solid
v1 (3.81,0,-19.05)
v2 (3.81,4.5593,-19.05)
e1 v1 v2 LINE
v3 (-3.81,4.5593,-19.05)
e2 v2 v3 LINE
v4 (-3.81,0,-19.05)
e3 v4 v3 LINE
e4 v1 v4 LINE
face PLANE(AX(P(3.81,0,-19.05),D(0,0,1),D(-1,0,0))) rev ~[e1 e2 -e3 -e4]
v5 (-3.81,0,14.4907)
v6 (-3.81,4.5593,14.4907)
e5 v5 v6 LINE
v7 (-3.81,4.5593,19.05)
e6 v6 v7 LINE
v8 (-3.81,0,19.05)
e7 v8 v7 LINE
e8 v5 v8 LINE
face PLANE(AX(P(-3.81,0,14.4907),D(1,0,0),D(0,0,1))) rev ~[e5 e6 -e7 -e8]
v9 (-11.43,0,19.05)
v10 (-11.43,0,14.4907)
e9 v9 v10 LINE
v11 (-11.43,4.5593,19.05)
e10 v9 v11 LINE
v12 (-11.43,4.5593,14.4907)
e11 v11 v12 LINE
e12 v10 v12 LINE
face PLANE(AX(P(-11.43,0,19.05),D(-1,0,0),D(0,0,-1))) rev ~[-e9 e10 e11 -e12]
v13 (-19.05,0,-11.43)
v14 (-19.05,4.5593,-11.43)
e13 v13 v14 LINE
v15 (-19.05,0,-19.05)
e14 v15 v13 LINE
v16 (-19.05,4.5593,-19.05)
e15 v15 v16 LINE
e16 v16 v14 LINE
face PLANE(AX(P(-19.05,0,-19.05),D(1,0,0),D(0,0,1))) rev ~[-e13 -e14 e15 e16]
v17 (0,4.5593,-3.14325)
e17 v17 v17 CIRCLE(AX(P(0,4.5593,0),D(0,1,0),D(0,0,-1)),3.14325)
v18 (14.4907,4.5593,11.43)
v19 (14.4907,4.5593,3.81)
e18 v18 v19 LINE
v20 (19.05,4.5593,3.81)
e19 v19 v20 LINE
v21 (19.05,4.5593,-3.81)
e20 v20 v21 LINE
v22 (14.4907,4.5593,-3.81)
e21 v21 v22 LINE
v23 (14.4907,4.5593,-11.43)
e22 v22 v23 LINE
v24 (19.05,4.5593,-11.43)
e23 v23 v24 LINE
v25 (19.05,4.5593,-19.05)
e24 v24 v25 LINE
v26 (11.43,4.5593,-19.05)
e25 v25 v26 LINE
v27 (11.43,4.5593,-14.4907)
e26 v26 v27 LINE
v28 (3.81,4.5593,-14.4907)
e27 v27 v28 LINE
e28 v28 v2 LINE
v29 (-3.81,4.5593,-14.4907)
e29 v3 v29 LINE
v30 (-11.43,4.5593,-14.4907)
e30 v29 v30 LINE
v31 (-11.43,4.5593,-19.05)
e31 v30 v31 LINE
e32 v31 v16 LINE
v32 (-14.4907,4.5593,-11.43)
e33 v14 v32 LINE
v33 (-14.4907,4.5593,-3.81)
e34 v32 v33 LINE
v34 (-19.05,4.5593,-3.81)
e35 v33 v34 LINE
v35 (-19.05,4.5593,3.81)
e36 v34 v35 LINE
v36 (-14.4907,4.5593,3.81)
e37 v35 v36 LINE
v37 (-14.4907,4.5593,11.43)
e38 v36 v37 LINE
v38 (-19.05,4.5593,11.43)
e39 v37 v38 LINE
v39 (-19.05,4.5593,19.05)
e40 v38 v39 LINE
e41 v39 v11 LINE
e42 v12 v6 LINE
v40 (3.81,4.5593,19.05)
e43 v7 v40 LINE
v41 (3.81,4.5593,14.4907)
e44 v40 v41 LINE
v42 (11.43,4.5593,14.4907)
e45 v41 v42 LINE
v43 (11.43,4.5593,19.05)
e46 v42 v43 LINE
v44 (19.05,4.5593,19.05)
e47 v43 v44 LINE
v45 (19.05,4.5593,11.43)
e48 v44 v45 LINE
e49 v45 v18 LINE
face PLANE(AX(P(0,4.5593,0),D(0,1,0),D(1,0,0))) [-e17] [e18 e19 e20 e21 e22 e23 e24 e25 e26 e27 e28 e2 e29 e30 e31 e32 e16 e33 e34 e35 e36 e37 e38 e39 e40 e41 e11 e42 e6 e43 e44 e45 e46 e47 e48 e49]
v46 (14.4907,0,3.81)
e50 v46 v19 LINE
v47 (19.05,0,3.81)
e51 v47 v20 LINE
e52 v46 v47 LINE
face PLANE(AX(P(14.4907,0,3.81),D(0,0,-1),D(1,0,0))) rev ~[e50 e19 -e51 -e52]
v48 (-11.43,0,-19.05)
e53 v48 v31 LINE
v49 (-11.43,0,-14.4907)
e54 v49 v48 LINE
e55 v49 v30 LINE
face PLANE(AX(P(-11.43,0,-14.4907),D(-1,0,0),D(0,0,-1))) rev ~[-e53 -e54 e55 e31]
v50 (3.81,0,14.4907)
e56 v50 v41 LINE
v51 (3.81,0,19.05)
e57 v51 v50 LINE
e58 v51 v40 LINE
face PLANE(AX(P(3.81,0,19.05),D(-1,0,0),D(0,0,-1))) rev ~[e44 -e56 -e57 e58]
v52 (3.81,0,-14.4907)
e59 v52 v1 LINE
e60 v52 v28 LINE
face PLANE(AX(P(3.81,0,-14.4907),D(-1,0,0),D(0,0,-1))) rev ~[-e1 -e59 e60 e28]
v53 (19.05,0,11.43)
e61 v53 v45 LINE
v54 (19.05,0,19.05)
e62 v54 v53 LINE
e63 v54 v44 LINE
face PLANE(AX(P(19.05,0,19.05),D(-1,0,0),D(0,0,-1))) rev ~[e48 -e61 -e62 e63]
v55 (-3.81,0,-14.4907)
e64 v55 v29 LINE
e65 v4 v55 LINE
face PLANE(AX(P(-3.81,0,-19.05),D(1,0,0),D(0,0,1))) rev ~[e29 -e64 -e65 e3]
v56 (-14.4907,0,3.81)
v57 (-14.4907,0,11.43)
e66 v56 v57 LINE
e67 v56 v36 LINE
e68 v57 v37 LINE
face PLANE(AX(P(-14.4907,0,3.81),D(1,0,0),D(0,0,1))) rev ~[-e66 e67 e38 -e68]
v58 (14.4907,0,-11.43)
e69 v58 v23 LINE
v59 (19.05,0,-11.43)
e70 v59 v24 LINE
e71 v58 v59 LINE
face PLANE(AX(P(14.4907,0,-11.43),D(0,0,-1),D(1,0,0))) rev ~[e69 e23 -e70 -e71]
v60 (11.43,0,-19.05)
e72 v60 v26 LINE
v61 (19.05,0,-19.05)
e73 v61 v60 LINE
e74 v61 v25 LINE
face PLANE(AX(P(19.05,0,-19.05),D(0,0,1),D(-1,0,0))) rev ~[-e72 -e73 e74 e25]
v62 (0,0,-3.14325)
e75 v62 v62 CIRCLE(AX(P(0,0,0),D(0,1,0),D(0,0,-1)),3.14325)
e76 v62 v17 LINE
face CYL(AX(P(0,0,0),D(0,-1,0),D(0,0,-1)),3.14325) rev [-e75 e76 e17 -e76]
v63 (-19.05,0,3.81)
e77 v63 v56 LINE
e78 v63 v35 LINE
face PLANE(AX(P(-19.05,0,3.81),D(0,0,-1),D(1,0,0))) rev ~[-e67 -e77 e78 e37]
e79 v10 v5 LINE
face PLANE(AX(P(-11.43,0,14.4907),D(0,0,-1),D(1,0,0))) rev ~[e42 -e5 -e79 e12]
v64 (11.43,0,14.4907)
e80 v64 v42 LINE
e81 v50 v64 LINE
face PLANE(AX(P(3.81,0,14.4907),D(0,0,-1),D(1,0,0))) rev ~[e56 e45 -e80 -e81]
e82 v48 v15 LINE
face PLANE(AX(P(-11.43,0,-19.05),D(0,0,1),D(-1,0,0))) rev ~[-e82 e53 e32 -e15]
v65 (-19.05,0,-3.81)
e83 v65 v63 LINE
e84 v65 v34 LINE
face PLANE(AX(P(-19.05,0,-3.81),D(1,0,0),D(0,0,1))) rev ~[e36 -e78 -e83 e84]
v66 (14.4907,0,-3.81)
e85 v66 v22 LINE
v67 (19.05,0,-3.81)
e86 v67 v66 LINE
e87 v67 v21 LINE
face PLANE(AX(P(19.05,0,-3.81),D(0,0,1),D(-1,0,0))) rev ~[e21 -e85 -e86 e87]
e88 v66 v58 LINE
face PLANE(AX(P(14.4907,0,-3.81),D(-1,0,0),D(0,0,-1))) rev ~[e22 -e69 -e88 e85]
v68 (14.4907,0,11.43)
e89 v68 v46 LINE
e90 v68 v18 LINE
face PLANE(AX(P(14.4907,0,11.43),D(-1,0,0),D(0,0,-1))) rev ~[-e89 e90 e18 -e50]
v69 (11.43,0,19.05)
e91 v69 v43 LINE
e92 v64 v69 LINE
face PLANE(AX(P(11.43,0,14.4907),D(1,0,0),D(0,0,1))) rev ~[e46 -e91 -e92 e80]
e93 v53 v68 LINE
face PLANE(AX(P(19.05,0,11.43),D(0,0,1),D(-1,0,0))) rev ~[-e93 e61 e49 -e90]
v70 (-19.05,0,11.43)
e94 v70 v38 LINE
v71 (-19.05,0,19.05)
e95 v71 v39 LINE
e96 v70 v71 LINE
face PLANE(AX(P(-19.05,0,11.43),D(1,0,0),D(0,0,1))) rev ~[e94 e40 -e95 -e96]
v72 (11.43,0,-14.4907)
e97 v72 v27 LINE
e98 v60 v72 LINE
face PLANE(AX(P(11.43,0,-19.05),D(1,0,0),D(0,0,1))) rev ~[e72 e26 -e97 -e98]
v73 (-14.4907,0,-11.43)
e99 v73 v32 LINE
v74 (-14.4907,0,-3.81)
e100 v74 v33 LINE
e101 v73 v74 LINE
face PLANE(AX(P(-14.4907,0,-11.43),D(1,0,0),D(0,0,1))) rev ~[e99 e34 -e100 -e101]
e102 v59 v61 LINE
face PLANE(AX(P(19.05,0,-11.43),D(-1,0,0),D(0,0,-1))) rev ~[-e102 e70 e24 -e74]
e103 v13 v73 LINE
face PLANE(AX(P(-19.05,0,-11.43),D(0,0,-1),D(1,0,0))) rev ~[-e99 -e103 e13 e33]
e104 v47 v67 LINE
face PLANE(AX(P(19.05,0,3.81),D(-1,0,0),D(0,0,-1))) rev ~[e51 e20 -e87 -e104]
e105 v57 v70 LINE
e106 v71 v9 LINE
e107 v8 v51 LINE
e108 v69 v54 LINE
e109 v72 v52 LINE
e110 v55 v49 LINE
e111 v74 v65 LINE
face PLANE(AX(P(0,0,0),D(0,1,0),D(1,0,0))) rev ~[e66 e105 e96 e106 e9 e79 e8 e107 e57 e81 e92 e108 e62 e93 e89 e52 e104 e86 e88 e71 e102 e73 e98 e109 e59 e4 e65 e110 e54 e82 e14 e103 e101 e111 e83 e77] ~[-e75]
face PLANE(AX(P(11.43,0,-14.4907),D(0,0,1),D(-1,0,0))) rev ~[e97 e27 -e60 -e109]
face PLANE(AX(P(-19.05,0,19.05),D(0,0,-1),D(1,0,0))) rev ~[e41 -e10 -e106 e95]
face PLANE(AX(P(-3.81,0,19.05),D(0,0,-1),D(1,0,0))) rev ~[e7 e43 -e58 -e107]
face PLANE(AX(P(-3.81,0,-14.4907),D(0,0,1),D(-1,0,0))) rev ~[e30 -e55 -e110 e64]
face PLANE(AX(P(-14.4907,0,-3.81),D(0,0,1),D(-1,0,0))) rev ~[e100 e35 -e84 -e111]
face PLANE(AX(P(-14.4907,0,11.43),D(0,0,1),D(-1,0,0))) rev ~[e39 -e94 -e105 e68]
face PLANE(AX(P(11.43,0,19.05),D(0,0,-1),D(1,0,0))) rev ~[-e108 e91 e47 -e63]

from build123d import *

# Parameters (mm, degrees)
SKETCH1_R           = 3.14325
BOSS_EXTRUDE1_DEPTH = 4.5593


with BuildPart() as part:
    # Sketch1 → Boss-Extrude1 (new body)
    with BuildSketch(Plane(origin=(0, 0, 0), x_dir=(1, 0, 0), z_dir=(0, 1, 0))):
        Polygon((-11.43, 19.05), (-19.05, 19.05), (-19.05, 11.43), (-14.4907, 11.43), (-14.4907, 3.81), (-19.05, 3.81), (-19.05, -3.81), (-14.4907, -3.81), (-14.4907, -11.43), (-19.05, -11.43), (-19.05, -19.05), (-11.43, -19.05), (-11.43, -14.4907), (-3.81, -14.4907), (-3.81, -19.05), (3.81, -19.05), (3.81, -14.4907), (11.43, -14.4907), (11.43, -19.05), (19.05, -19.05), (19.05, -11.43), (14.4907, -11.43), (14.4907, -3.81), (19.05, -3.81), (19.05, 3.81), (14.4907, 3.81), (14.4907, 11.43), (19.05, 11.43), (19.05, 19.05), (11.43, 19.05), (11.43, 14.4907), (3.81, 14.4907), (3.81, 19.05), (-3.81, 19.05), (-3.81, 14.4907), (-11.43, 14.4907), align=None)
        with Locations(Location((0, 0, 0), (0, 0, 90))):
            Circle(SKETCH1_R, mode=Mode.SUBTRACT)
    extrude(amount=BOSS_EXTRUDE1_DEPTH)


solid = part.part
